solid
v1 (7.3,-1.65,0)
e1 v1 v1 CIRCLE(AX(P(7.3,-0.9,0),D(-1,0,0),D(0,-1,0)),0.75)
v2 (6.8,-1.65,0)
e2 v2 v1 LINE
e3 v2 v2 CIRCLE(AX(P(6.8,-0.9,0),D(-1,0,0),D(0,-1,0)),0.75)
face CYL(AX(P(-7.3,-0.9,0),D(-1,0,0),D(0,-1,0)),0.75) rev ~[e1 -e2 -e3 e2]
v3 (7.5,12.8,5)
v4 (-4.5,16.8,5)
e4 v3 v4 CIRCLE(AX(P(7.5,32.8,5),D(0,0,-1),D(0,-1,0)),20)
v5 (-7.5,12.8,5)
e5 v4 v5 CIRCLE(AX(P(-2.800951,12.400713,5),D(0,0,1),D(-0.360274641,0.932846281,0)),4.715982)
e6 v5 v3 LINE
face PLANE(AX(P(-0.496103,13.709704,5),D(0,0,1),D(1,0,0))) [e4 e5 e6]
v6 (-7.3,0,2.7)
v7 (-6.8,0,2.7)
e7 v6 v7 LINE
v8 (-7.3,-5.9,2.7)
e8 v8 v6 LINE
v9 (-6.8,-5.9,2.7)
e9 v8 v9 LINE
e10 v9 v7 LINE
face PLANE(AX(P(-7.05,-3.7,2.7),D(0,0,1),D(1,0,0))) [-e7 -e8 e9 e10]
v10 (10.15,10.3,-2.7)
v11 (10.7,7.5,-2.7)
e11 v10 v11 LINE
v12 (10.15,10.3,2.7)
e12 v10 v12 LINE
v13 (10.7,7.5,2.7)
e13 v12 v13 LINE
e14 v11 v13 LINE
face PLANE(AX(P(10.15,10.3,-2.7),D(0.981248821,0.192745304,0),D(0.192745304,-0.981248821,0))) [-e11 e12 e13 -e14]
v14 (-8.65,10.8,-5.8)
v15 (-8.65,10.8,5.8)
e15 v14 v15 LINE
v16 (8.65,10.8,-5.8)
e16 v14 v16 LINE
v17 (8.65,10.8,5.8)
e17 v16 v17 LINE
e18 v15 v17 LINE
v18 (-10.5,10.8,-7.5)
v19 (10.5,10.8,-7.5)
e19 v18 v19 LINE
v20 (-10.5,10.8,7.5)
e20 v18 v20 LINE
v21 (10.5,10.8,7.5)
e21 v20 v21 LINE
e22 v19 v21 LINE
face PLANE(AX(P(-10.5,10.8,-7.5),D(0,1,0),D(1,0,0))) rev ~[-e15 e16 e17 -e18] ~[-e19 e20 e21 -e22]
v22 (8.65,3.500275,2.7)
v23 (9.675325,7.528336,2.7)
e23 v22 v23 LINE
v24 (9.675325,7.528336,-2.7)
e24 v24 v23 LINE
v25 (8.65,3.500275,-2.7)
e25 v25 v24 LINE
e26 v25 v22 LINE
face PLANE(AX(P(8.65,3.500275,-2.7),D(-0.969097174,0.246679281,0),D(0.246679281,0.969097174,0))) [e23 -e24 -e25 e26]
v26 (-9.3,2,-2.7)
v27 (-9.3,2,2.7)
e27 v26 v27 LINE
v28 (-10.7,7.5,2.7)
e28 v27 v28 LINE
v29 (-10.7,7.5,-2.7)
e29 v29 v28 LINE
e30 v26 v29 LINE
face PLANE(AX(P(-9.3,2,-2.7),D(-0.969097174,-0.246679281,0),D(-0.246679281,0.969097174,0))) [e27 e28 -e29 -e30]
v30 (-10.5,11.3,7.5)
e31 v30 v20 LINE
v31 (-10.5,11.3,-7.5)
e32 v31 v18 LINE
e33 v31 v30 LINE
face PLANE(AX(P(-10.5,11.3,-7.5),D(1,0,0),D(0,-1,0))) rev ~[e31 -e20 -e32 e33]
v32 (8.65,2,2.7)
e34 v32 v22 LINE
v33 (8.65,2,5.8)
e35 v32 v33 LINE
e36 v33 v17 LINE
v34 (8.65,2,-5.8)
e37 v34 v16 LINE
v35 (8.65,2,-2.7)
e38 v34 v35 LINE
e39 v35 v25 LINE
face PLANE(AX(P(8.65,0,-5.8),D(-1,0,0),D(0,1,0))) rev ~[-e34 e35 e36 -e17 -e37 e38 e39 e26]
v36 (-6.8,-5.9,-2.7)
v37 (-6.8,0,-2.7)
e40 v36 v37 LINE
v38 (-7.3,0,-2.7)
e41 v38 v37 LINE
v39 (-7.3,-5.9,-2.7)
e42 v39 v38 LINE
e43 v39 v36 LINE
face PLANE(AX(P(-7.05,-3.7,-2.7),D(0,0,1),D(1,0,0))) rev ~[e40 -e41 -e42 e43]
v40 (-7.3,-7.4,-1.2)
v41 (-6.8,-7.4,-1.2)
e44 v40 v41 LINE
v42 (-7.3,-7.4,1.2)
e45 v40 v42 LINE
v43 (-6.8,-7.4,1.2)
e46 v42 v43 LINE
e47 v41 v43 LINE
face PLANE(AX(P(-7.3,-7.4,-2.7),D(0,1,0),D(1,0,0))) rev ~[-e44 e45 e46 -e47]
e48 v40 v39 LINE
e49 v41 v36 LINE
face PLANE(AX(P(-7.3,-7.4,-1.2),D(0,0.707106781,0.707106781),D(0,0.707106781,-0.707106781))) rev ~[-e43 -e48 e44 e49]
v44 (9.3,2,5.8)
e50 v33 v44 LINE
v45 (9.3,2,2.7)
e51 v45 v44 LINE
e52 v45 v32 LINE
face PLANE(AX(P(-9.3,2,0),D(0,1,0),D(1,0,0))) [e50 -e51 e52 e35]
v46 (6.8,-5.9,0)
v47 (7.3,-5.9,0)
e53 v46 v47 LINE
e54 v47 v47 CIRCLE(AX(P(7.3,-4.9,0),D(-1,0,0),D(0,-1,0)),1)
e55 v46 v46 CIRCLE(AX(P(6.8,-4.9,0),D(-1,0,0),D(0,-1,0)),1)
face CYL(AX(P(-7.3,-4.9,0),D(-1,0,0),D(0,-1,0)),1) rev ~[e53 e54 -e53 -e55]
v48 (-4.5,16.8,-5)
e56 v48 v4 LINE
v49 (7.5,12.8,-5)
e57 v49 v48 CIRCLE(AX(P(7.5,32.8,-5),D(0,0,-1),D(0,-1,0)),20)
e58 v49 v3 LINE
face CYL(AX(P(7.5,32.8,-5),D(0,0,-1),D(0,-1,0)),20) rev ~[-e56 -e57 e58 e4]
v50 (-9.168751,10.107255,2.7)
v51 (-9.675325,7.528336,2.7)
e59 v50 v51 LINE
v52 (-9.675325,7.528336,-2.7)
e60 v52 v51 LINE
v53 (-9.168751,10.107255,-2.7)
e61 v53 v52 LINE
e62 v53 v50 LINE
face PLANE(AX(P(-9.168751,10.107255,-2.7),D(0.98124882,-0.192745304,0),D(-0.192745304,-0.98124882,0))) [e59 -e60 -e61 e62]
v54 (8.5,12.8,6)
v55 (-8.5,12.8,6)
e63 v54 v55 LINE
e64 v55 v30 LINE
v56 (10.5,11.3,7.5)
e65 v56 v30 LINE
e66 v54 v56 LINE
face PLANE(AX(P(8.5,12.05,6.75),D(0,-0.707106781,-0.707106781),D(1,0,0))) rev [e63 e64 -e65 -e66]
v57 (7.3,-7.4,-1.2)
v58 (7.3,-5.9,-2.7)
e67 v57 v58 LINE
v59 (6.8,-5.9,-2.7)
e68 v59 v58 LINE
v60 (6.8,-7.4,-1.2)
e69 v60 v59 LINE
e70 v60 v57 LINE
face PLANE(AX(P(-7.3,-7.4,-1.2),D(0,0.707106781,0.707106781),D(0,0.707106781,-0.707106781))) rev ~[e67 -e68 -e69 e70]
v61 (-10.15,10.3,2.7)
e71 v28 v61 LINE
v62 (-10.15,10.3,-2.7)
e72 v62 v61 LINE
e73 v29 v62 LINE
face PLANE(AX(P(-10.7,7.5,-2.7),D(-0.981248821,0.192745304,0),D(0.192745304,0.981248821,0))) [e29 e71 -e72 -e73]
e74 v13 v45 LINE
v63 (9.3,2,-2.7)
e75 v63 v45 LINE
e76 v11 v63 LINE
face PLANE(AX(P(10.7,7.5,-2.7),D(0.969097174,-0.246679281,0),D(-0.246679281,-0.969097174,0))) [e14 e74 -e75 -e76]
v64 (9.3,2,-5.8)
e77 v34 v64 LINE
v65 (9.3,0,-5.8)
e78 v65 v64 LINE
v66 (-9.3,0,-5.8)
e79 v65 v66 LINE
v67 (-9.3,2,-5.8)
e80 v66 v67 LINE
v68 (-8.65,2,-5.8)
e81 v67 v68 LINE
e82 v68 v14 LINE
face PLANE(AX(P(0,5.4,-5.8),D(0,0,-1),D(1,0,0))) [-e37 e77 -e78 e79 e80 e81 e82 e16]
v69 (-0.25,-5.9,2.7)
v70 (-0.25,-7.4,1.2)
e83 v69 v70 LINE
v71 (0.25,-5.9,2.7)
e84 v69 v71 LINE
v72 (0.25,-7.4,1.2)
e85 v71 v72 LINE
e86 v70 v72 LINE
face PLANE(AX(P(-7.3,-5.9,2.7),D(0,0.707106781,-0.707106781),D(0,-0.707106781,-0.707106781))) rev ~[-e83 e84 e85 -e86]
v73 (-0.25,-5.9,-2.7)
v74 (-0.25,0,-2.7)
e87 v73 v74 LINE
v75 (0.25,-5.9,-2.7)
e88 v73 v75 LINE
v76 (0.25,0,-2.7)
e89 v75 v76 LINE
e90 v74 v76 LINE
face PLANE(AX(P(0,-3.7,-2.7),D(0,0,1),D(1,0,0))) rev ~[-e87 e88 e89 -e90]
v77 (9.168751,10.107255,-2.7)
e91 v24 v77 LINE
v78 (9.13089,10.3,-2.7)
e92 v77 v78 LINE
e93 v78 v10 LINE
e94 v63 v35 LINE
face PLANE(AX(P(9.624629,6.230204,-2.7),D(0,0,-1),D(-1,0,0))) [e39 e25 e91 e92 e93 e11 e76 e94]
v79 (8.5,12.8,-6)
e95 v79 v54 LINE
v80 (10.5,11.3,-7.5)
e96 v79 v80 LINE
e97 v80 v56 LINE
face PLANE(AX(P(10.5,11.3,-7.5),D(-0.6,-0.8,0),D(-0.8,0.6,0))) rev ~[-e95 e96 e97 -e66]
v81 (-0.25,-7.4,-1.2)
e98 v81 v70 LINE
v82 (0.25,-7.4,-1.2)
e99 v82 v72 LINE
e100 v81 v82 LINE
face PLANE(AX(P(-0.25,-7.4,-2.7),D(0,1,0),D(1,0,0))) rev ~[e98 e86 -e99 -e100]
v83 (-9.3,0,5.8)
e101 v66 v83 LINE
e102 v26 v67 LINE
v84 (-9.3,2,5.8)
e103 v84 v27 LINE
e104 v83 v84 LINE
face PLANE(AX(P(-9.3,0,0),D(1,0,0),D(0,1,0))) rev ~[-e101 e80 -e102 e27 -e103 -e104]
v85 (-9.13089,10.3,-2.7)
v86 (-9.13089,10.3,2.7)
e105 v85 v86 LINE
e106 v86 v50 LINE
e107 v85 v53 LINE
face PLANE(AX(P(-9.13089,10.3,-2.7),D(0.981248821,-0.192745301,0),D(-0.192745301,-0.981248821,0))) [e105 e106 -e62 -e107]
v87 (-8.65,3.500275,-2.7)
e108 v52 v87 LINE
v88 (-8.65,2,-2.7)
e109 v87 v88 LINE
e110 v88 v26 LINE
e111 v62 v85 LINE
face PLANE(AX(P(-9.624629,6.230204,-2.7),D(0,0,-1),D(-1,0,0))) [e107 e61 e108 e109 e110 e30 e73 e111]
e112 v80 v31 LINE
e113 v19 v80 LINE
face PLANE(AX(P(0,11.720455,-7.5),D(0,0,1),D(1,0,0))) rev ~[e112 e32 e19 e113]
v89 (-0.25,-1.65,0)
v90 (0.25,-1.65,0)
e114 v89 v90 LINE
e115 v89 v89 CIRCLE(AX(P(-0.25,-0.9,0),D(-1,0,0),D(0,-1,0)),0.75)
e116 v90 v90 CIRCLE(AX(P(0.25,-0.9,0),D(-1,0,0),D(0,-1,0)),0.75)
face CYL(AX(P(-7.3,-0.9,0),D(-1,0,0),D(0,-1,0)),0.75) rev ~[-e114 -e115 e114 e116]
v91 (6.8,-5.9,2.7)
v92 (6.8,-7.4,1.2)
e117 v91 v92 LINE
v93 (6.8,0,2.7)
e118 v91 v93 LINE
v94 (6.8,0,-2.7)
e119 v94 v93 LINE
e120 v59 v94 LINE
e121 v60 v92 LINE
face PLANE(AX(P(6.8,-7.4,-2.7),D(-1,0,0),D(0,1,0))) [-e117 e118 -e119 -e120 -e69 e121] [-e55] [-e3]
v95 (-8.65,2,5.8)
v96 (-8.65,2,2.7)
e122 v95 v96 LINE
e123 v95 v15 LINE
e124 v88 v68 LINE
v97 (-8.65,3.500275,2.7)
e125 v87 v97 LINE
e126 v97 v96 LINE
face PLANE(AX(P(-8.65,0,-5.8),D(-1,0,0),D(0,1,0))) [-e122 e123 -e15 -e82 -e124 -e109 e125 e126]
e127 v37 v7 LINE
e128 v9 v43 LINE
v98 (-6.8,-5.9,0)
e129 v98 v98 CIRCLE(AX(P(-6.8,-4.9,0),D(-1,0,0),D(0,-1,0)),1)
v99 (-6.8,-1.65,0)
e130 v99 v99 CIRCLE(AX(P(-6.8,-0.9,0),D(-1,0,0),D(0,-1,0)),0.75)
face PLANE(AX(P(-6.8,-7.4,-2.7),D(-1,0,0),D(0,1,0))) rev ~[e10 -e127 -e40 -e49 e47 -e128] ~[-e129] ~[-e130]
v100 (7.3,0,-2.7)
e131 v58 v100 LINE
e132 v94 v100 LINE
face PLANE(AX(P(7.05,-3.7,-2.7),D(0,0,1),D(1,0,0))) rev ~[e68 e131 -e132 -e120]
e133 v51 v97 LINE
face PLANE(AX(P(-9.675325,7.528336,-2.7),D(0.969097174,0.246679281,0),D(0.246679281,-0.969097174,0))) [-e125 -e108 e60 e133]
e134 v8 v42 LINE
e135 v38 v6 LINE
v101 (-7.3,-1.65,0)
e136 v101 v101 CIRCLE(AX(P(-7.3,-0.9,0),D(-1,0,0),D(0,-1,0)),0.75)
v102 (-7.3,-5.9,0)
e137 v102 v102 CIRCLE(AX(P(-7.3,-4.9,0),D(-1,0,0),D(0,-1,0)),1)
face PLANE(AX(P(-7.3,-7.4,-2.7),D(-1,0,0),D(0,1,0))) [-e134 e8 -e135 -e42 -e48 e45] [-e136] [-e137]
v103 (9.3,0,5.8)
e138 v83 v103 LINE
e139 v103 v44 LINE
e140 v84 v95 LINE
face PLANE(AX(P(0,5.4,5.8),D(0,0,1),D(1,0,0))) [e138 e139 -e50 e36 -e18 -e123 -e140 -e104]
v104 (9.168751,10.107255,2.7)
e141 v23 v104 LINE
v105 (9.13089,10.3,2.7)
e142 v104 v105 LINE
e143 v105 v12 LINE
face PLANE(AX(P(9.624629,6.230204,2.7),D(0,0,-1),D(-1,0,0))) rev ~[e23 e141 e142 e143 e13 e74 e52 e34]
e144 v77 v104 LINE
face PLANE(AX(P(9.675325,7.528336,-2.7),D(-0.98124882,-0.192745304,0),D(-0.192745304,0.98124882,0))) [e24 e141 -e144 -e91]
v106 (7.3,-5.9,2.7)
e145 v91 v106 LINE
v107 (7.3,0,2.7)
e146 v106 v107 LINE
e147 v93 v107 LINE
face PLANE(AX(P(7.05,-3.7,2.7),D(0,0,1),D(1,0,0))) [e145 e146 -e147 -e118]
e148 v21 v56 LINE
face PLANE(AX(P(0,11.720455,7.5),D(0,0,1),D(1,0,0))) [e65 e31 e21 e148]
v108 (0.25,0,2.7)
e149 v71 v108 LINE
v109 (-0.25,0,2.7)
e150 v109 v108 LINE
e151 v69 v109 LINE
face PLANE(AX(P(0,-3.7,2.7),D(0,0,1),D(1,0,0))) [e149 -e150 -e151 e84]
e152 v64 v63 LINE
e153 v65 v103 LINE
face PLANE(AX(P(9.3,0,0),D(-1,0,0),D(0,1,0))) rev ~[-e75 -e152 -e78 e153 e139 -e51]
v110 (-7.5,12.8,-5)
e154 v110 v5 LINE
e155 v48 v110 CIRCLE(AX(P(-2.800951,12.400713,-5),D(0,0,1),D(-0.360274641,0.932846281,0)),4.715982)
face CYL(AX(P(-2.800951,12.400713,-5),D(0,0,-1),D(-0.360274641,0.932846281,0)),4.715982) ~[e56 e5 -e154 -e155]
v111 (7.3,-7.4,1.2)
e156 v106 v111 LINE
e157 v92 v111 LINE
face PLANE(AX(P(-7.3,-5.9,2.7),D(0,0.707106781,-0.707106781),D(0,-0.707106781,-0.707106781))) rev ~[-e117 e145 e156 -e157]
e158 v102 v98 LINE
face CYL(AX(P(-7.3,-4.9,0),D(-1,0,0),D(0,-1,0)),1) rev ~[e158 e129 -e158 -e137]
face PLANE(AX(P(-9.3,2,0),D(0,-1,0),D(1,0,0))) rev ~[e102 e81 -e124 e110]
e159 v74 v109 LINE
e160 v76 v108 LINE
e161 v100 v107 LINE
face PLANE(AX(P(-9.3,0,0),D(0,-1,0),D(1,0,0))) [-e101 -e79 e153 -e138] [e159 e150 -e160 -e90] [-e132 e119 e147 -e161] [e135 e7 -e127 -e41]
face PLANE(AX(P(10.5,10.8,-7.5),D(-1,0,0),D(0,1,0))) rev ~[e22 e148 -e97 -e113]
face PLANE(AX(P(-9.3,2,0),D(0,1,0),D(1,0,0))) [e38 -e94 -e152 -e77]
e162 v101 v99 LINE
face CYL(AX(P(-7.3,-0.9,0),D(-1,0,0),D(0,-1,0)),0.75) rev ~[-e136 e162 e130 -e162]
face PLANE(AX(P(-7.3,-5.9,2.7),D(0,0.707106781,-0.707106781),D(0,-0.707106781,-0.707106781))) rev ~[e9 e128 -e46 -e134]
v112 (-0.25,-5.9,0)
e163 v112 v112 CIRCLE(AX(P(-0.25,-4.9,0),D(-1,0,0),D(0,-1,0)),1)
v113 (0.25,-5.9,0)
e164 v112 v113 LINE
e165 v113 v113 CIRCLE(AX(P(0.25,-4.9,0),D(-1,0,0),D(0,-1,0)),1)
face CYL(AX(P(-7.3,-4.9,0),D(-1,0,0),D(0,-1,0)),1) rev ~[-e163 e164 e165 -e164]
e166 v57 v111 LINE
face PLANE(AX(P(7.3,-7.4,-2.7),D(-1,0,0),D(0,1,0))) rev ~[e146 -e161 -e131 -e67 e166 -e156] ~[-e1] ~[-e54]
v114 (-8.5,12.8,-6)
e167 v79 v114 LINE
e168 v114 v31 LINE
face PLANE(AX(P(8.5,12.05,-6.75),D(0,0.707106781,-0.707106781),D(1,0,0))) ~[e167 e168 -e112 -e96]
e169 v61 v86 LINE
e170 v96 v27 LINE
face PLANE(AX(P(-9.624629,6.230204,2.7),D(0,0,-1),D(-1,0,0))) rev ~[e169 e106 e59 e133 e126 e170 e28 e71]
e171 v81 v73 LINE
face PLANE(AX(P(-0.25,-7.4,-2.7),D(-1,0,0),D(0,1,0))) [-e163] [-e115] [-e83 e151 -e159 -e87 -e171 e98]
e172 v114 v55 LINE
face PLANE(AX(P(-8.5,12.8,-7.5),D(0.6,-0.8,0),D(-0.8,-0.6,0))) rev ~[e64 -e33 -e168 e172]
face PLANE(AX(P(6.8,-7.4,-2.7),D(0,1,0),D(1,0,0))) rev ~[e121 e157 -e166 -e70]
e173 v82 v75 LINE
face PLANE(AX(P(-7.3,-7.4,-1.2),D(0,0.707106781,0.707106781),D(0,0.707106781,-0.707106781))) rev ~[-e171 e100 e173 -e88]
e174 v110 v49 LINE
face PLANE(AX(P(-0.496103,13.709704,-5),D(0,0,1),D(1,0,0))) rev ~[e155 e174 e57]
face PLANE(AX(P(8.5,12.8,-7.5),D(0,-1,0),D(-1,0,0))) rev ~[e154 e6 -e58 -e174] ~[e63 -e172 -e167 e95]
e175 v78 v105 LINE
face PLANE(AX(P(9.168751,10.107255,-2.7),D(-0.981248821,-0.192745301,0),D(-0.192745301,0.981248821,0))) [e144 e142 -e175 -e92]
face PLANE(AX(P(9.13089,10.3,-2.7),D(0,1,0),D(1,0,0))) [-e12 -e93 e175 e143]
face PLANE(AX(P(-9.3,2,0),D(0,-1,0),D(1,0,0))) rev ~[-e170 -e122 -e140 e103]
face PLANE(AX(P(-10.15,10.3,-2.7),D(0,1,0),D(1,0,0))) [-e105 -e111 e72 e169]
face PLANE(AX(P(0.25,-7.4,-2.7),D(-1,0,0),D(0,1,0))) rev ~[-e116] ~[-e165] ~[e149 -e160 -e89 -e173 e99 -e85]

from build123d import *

# Parameters (mm, degrees)
EXTRUDE_1_DEPTH             = 5.8
EXTRUDE_1_DEPTH_BACK        = 5.8
SKETCH_1_W                  = 17.3
SKETCH_1_H                  = 10.8
EXTRUDE_2_DEPTH             = 7.5
EXTRUDE_2_DEPTH_BACK        = 7.5
CHAMFER_1_SIZE              = 1.5
EXTRUDE_3_DEPTH             = 5
EXTRUDE_3_DEPTH_BACK        = 5
EXTRUDE_4_REACH             = 23.183
SKETCH_4_W                  = 18.6
SKETCH_4_H                  = 2
EXTRUDE_4_DIRECTION_2_REACH = 23.183
EXTRUDE_5_DEPTH             = 2.7
EXTRUDE_5_DEPTH_BACK        = 2.7
SKETCH_5_W                  = 0.5
SKETCH_5_H                  = 7.4
SKETCH_6_R                  = 1
SKETCH_6_R_2                = 0.75
CUT_EXTRUDE_1_DEPTH         = 26.738881095


with BuildPart() as part:
    # 草图1 → 凸台-拉伸1 (new, two sides: drawn at the far end of the back side and taken through both)
    with BuildSketch(Plane.XY.offset(-EXTRUDE_1_DEPTH_BACK)):
        with Locations((0, 5.4)):
            Rectangle(SKETCH_1_W, SKETCH_1_H)
    extrude(amount=EXTRUDE_1_DEPTH + EXTRUDE_1_DEPTH_BACK)

    # 草图2 → 凸台-拉伸2 (add, two sides: drawn at the far end of the back side and taken through both)
    with BuildSketch(Plane.XY.offset(-EXTRUDE_2_DEPTH_BACK)):
        Polygon((-8.5, 12.8), (-10.5, 11.3), (-10.5, 10.8), (10.5, 10.8), (10.5, 11.3), (8.5, 12.8), align=None)
    extrude(amount=EXTRUDE_2_DEPTH + EXTRUDE_2_DEPTH_BACK)

    # 倒角1
    chamfer_1_edges = [part.edges().sort_by_distance(p)[0] for p in [
        (0, 12.8, -7.5),
        (0, 12.8, 7.5),
    ]]
    chamfer(chamfer_1_edges, length=CHAMFER_1_SIZE)

    # 草图3 → 凸台-拉伸3 (add, two sides: drawn at the far end of the back side and taken through both)
    with BuildSketch(Plane.XY.offset(-EXTRUDE_3_DEPTH_BACK)):
        with BuildLine():
            ThreePointArc((-4.5, 16.8), (-6.57373706, 15.230302795), (-7.5, 12.8))
            Line((-7.5, 12.8), (7.5, 12.8))
            ThreePointArc((7.5, 12.8), (1.17544468, 13.826334039), (-4.5, 16.8))
        make_face()
    extrude(amount=EXTRUDE_3_DEPTH + EXTRUDE_3_DEPTH_BACK)

    # 凸台-拉伸4: up to this face of the body (flat: up to its plane)
    extrude_4_end = Plane(part.part.faces().sort_by_distance((0, 5.4, 5.8))[0])
    # 草图4 → 凸台-拉伸4 (add, up to the picked face)
    with BuildSketch(Plane.XY, mode=Mode.PRIVATE) as extrude_4_sk1:
        with Locations((0, 1)):
            Rectangle(SKETCH_4_W, SKETCH_4_H)
    extrude_4_tool1 = split(extrude(extrude_4_sk1.sketch, amount=EXTRUDE_4_REACH, mode=Mode.PRIVATE), bisect_by=extrude_4_end, keep=Keep.BOTH, mode=Mode.PRIVATE)
    add(extrude_4_tool1.solids().sort_by(Axis((0, 1, 0), (0, 0, 1)))[0])

    # 凸台-拉伸4 direction 2: up to this face of the body (flat: up to its plane)
    extrude_4_direction_2_end = Plane(part.part.faces().sort_by_distance((0, 5.4, -5.8))[0])
    # 草图4 → 凸台-拉伸4 direction 2 (add, up to the picked face)
    with BuildSketch(Plane.XY, mode=Mode.PRIVATE) as extrude_4_direction_2_sk1:
        with Locations((0, 1)):
            Rectangle(SKETCH_4_W, SKETCH_4_H)
    extrude_4_direction_2_tool1 = split(extrude(extrude_4_direction_2_sk1.sketch, amount=-EXTRUDE_4_DIRECTION_2_REACH, mode=Mode.PRIVATE), bisect_by=extrude_4_direction_2_end, keep=Keep.BOTH, mode=Mode.PRIVATE)
    add(extrude_4_direction_2_tool1.solids().sort_by(Axis((0, 1, 0), (0, 0, -1)))[0])

    # 草图5 → 凸台-拉伸5 (add, two sides: drawn at the far end of the back side and taken through both)
    with BuildSketch(Plane.XY.offset(-EXTRUDE_5_DEPTH_BACK)):
        Polygon((-9.3, 2), (-10.7, 7.5), (-10.15, 10.3), (-9.130890495, 10.3), (-9.168751179, 10.107254696), (-9.675324513, 7.528335908), (-8.65, 3.500275321), (-8.65, 2), align=None)
        Polygon((8.65, 2), (8.65, 3.500275321), (9.675324513, 7.528335908), (9.168751179, 10.107254696), (9.130890495, 10.3), (10.15, 10.3), (10.7, 7.5), (9.3, 2), align=None)
        with Locations((0, -3.7)):
            Rectangle(SKETCH_5_W, SKETCH_5_H)
        with Locations((-7.05, -3.7)):
            Rectangle(SKETCH_5_W, SKETCH_5_H)
        with Locations((7.05, -3.7)):
            Rectangle(SKETCH_5_W, SKETCH_5_H)
    extrude(amount=EXTRUDE_5_DEPTH + EXTRUDE_5_DEPTH_BACK)

    # 草图6 → 切除-拉伸1 (cut, through all)
    with BuildSketch(Plane.ZY.offset(7.3)):
        Polygon((2.7, -5.9), (1.2, -7.4), (2.7, -7.4), align=None)
        Polygon((-1.2, -7.4), (-2.7, -5.9), (-2.7, -7.4), align=None)
        with Locations((0, -4.9)):
            Circle(SKETCH_6_R)
        with Locations((0, -0.9)):
            Circle(SKETCH_6_R_2)
    extrude(amount=-CUT_EXTRUDE_1_DEPTH, mode=Mode.SUBTRACT)


solid = part.part
